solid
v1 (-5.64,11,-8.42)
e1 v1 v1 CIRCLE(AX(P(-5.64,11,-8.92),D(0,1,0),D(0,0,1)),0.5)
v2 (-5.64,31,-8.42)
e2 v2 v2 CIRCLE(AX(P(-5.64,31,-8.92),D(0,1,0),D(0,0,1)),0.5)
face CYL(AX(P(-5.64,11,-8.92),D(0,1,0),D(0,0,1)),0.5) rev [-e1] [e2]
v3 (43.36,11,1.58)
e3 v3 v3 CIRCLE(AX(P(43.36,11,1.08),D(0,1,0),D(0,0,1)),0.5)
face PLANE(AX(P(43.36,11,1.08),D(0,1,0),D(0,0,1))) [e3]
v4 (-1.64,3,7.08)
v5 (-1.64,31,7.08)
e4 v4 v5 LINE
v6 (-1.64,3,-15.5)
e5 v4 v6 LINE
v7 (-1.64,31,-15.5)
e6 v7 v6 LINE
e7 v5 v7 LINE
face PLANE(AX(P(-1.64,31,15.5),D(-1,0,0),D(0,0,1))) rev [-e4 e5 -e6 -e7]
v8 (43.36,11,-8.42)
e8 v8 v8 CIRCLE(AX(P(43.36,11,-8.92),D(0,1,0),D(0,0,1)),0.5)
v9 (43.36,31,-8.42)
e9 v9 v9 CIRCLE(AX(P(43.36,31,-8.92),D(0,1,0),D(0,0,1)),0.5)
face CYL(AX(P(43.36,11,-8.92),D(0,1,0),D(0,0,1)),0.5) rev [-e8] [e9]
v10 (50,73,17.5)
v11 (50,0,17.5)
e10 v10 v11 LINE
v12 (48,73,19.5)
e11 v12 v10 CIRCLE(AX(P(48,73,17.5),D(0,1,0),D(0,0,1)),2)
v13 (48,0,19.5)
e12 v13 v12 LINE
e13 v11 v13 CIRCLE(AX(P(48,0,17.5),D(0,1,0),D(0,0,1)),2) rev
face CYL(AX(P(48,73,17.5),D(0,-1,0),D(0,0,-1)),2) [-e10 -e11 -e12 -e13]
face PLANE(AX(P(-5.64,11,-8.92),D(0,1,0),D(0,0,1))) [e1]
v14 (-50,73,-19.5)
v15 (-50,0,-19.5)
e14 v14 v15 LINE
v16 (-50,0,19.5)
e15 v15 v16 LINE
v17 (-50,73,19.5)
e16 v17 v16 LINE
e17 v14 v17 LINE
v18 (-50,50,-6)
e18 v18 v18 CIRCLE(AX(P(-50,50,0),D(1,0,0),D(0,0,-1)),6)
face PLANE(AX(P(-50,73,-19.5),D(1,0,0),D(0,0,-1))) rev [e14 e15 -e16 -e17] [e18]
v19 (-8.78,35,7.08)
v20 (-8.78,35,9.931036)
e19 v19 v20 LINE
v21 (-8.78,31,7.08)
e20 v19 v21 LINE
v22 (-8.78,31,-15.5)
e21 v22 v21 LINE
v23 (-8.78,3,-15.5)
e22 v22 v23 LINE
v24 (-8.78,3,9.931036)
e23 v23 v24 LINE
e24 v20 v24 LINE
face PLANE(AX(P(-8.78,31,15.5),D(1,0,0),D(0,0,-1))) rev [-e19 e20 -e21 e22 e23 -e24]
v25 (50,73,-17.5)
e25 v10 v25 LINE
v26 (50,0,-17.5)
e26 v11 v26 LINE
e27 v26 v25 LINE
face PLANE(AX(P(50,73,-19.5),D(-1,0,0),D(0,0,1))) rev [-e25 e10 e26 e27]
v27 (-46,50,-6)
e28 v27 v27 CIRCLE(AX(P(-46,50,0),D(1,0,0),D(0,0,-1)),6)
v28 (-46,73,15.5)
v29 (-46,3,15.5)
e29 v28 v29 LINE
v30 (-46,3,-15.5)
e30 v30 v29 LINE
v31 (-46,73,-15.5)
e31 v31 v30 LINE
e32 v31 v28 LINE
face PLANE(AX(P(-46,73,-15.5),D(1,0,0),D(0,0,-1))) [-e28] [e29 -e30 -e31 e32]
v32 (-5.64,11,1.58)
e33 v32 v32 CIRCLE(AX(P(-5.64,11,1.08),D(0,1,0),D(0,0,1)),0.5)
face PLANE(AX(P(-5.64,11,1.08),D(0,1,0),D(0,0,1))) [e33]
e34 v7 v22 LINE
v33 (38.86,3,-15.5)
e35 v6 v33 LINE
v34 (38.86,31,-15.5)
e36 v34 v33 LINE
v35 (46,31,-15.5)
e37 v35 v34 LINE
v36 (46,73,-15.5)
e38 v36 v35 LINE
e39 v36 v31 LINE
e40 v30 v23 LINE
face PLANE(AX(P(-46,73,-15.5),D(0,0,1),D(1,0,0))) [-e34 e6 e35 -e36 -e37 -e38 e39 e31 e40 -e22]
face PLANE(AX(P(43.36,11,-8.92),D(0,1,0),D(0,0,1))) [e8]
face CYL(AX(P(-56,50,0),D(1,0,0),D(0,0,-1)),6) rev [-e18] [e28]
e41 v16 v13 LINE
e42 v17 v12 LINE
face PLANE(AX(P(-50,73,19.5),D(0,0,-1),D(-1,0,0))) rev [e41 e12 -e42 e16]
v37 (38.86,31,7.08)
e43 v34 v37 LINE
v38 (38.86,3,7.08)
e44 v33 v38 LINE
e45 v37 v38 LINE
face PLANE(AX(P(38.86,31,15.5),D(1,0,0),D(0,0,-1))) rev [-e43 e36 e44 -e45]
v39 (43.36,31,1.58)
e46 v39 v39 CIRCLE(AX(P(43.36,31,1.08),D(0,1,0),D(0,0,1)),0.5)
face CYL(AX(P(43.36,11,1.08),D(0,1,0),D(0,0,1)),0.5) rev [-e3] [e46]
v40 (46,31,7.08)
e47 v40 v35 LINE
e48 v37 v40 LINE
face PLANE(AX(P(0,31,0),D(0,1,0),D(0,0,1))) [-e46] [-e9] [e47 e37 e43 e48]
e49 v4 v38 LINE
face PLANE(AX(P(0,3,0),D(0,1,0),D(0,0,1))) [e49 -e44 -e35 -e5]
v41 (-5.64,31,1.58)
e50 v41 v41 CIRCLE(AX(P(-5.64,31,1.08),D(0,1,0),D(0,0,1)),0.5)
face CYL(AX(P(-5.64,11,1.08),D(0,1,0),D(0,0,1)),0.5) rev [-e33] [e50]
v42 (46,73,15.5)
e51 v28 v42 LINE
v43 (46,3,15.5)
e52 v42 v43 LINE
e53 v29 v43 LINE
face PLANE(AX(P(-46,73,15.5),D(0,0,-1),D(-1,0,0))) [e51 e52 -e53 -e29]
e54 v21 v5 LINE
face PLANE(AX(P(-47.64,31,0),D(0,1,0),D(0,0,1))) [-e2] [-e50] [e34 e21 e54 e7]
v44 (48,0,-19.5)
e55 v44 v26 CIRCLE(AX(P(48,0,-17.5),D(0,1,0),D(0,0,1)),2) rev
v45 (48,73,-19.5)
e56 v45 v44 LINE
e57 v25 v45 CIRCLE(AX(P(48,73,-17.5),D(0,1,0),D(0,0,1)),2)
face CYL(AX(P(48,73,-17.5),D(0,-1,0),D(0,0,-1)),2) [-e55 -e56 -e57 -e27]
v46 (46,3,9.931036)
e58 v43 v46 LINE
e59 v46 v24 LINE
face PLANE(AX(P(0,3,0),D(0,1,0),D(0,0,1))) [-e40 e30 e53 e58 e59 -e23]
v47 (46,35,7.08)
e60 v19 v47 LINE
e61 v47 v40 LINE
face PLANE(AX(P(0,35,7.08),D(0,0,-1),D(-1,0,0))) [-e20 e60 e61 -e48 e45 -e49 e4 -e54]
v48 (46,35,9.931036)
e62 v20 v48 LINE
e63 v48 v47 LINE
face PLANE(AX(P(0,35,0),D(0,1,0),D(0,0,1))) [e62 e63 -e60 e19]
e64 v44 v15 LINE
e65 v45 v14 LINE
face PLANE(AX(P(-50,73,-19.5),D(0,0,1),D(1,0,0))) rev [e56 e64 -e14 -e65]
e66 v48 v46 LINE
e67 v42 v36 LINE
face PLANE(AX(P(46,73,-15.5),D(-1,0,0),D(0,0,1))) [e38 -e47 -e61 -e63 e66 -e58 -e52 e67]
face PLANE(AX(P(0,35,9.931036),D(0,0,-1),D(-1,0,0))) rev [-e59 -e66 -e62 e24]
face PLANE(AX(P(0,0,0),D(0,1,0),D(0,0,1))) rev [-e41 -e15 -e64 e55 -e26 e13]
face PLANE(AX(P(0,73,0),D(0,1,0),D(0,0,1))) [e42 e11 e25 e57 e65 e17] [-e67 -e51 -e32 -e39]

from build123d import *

# Parameters (mm, degrees)
SKETCH1_W           = 92
SKETCH1_H           = 31
BOSS_EXTRUDE2_DEPTH = 3
SKETCH1_3_W         = 100
SKETCH1_3_H         = 39
SKETCH1_3_W_2       = 92
SKETCH1_3_H_2       = 31
BOSS_EXTRUDE3_DEPTH = 73
FILLET1_R           = 2
FILLET2_R           = 2
SKETCH3_W           = 7.14
SKETCH3_H           = 31
BOSS_EXTRUDE4_DEPTH = 28
SKETCH4_W           = 7.14
SKETCH4_H           = 2.85103565
BOSS_EXTRUDE5_DEPTH = 4
SKETCH5_W           = 7.14
SKETCH5_H           = 5.56896435
CUT_EXTRUDE1_DEPTH  = 28
SKETCH4_3_R         = 0.5
CUT_EXTRUDE3_DEPTH  = 20
LPATTERN5_COUNT     = 2
LPATTERN5_PITCH     = 47.64
LPATTERN6_COUNT     = 2
LPATTERN6_PITCH     = 49
SKETCH10_W          = 2.85103565
SKETCH10_H          = 32
BOSS_EXTRUDE6_DEPTH = 41
SKETCH12_R          = 6
CUT_EXTRUDE4_DEPTH  = 10


with BuildPart() as part:
    # Sketch1 → Boss-Extrude2 (new body)
    with BuildSketch(Plane(origin=(0, 0, 0), x_dir=(1, 0, 0), z_dir=(0, 1, 0))):
        Rectangle(SKETCH1_W, SKETCH1_H)
    extrude(amount=BOSS_EXTRUDE2_DEPTH)

    # Sketch1<3> → Boss-Extrude3 (add)
    with BuildSketch(Plane(origin=(0, 0, 0), x_dir=(1, 0, 0), z_dir=(0, 1, 0))):
        Rectangle(SKETCH1_3_W, SKETCH1_3_H)
        Rectangle(SKETCH1_3_W_2, SKETCH1_3_H_2, mode=Mode.SUBTRACT)
    extrude(amount=BOSS_EXTRUDE3_DEPTH)

    # Fillet1
    fillet1_edges = [part.edges().sort_by_distance(p)[0] for p in [
        (50, 36.5, 19.5),
    ]]
    fillet(fillet1_edges, radius=FILLET1_R)

    # Fillet2
    fillet2_edges = [part.edges().sort_by_distance(p)[0] for p in [
        (50, 36.5, -19.5),
    ]]
    fillet(fillet2_edges, radius=FILLET2_R)

    # Sketch3 → Boss-Extrude4 (add)
    with BuildSketch(Plane(origin=(0, 3, 0), x_dir=(1, 0, 0), z_dir=(0, 1, 0))):
        with Locations((42.43, 0)):
            Rectangle(SKETCH3_W, SKETCH3_H)
    boss_extrude4 = extrude(amount=BOSS_EXTRUDE4_DEPTH)

    # Sketch4 → Boss-Extrude5 (add)
    with BuildSketch(Plane(origin=(0, 31, 0), x_dir=(1, 0, 0), z_dir=(0, 1, 0))):
        with Locations((42.43, -8.505517825)):
            Rectangle(SKETCH4_W, SKETCH4_H)
    boss_extrude5 = extrude(amount=BOSS_EXTRUDE5_DEPTH)

    # Sketch5 → Cut-Extrude1 (cut)
    with BuildSketch(Plane(origin=(0, 31, 0), x_dir=(1, 0, 0), z_dir=(0, 1, 0))):
        with Locations((42.43, -12.715517825)):
            Rectangle(SKETCH5_W, SKETCH5_H)
    cut_extrude1 = extrude(amount=-CUT_EXTRUDE1_DEPTH, mode=Mode.SUBTRACT)

    # Sketch4<3> → Cut-Extrude3 (cut)
    with BuildSketch(Plane(origin=(0, 31, 0), x_dir=(1, 0, 0), z_dir=(0, 1, 0))):
        with Locations((43.36, 8.92)):
            Circle(SKETCH4_3_R)
        with Locations((43.36, -1.08)):
            Circle(SKETCH4_3_R)
    cut_extrude3 = extrude(amount=-CUT_EXTRUDE3_DEPTH, mode=Mode.SUBTRACT)

    # LPattern5: Boss-Extrude4, Boss-Extrude5, Cut-Extrude1 ×2
    with Locations(*[(-i * LPATTERN5_PITCH, 0, 0) for i in range(1, LPATTERN5_COUNT)]):
        add(boss_extrude4)
        add(boss_extrude5)
        add(cut_extrude1, mode=Mode.SUBTRACT)

    # LPattern6: Cut-Extrude3 ×2
    with Locations(*[(-i * LPATTERN6_PITCH, 0, 0) for i in range(1, LPATTERN6_COUNT)]):
        add(cut_extrude3, mode=Mode.SUBTRACT)

    # Sketch10 → Boss-Extrude6 (add)
    with BuildSketch(Plane.ZY.offset(-38.86)):
        with Locations((8.505517825, 19)):
            Rectangle(SKETCH10_W, SKETCH10_H)
    extrude(amount=BOSS_EXTRUDE6_DEPTH)

    # Sketch12 → Cut-Extrude4 (cut)
    with BuildSketch(Plane(origin=(-46, 0, 0), x_dir=(0, 0, -1), z_dir=(1, 0, 0))):
        with Locations((0, 50)):
            Circle(SKETCH12_R)
    extrude(amount=-CUT_EXTRUDE4_DEPTH, mode=Mode.SUBTRACT)


solid = part.part
